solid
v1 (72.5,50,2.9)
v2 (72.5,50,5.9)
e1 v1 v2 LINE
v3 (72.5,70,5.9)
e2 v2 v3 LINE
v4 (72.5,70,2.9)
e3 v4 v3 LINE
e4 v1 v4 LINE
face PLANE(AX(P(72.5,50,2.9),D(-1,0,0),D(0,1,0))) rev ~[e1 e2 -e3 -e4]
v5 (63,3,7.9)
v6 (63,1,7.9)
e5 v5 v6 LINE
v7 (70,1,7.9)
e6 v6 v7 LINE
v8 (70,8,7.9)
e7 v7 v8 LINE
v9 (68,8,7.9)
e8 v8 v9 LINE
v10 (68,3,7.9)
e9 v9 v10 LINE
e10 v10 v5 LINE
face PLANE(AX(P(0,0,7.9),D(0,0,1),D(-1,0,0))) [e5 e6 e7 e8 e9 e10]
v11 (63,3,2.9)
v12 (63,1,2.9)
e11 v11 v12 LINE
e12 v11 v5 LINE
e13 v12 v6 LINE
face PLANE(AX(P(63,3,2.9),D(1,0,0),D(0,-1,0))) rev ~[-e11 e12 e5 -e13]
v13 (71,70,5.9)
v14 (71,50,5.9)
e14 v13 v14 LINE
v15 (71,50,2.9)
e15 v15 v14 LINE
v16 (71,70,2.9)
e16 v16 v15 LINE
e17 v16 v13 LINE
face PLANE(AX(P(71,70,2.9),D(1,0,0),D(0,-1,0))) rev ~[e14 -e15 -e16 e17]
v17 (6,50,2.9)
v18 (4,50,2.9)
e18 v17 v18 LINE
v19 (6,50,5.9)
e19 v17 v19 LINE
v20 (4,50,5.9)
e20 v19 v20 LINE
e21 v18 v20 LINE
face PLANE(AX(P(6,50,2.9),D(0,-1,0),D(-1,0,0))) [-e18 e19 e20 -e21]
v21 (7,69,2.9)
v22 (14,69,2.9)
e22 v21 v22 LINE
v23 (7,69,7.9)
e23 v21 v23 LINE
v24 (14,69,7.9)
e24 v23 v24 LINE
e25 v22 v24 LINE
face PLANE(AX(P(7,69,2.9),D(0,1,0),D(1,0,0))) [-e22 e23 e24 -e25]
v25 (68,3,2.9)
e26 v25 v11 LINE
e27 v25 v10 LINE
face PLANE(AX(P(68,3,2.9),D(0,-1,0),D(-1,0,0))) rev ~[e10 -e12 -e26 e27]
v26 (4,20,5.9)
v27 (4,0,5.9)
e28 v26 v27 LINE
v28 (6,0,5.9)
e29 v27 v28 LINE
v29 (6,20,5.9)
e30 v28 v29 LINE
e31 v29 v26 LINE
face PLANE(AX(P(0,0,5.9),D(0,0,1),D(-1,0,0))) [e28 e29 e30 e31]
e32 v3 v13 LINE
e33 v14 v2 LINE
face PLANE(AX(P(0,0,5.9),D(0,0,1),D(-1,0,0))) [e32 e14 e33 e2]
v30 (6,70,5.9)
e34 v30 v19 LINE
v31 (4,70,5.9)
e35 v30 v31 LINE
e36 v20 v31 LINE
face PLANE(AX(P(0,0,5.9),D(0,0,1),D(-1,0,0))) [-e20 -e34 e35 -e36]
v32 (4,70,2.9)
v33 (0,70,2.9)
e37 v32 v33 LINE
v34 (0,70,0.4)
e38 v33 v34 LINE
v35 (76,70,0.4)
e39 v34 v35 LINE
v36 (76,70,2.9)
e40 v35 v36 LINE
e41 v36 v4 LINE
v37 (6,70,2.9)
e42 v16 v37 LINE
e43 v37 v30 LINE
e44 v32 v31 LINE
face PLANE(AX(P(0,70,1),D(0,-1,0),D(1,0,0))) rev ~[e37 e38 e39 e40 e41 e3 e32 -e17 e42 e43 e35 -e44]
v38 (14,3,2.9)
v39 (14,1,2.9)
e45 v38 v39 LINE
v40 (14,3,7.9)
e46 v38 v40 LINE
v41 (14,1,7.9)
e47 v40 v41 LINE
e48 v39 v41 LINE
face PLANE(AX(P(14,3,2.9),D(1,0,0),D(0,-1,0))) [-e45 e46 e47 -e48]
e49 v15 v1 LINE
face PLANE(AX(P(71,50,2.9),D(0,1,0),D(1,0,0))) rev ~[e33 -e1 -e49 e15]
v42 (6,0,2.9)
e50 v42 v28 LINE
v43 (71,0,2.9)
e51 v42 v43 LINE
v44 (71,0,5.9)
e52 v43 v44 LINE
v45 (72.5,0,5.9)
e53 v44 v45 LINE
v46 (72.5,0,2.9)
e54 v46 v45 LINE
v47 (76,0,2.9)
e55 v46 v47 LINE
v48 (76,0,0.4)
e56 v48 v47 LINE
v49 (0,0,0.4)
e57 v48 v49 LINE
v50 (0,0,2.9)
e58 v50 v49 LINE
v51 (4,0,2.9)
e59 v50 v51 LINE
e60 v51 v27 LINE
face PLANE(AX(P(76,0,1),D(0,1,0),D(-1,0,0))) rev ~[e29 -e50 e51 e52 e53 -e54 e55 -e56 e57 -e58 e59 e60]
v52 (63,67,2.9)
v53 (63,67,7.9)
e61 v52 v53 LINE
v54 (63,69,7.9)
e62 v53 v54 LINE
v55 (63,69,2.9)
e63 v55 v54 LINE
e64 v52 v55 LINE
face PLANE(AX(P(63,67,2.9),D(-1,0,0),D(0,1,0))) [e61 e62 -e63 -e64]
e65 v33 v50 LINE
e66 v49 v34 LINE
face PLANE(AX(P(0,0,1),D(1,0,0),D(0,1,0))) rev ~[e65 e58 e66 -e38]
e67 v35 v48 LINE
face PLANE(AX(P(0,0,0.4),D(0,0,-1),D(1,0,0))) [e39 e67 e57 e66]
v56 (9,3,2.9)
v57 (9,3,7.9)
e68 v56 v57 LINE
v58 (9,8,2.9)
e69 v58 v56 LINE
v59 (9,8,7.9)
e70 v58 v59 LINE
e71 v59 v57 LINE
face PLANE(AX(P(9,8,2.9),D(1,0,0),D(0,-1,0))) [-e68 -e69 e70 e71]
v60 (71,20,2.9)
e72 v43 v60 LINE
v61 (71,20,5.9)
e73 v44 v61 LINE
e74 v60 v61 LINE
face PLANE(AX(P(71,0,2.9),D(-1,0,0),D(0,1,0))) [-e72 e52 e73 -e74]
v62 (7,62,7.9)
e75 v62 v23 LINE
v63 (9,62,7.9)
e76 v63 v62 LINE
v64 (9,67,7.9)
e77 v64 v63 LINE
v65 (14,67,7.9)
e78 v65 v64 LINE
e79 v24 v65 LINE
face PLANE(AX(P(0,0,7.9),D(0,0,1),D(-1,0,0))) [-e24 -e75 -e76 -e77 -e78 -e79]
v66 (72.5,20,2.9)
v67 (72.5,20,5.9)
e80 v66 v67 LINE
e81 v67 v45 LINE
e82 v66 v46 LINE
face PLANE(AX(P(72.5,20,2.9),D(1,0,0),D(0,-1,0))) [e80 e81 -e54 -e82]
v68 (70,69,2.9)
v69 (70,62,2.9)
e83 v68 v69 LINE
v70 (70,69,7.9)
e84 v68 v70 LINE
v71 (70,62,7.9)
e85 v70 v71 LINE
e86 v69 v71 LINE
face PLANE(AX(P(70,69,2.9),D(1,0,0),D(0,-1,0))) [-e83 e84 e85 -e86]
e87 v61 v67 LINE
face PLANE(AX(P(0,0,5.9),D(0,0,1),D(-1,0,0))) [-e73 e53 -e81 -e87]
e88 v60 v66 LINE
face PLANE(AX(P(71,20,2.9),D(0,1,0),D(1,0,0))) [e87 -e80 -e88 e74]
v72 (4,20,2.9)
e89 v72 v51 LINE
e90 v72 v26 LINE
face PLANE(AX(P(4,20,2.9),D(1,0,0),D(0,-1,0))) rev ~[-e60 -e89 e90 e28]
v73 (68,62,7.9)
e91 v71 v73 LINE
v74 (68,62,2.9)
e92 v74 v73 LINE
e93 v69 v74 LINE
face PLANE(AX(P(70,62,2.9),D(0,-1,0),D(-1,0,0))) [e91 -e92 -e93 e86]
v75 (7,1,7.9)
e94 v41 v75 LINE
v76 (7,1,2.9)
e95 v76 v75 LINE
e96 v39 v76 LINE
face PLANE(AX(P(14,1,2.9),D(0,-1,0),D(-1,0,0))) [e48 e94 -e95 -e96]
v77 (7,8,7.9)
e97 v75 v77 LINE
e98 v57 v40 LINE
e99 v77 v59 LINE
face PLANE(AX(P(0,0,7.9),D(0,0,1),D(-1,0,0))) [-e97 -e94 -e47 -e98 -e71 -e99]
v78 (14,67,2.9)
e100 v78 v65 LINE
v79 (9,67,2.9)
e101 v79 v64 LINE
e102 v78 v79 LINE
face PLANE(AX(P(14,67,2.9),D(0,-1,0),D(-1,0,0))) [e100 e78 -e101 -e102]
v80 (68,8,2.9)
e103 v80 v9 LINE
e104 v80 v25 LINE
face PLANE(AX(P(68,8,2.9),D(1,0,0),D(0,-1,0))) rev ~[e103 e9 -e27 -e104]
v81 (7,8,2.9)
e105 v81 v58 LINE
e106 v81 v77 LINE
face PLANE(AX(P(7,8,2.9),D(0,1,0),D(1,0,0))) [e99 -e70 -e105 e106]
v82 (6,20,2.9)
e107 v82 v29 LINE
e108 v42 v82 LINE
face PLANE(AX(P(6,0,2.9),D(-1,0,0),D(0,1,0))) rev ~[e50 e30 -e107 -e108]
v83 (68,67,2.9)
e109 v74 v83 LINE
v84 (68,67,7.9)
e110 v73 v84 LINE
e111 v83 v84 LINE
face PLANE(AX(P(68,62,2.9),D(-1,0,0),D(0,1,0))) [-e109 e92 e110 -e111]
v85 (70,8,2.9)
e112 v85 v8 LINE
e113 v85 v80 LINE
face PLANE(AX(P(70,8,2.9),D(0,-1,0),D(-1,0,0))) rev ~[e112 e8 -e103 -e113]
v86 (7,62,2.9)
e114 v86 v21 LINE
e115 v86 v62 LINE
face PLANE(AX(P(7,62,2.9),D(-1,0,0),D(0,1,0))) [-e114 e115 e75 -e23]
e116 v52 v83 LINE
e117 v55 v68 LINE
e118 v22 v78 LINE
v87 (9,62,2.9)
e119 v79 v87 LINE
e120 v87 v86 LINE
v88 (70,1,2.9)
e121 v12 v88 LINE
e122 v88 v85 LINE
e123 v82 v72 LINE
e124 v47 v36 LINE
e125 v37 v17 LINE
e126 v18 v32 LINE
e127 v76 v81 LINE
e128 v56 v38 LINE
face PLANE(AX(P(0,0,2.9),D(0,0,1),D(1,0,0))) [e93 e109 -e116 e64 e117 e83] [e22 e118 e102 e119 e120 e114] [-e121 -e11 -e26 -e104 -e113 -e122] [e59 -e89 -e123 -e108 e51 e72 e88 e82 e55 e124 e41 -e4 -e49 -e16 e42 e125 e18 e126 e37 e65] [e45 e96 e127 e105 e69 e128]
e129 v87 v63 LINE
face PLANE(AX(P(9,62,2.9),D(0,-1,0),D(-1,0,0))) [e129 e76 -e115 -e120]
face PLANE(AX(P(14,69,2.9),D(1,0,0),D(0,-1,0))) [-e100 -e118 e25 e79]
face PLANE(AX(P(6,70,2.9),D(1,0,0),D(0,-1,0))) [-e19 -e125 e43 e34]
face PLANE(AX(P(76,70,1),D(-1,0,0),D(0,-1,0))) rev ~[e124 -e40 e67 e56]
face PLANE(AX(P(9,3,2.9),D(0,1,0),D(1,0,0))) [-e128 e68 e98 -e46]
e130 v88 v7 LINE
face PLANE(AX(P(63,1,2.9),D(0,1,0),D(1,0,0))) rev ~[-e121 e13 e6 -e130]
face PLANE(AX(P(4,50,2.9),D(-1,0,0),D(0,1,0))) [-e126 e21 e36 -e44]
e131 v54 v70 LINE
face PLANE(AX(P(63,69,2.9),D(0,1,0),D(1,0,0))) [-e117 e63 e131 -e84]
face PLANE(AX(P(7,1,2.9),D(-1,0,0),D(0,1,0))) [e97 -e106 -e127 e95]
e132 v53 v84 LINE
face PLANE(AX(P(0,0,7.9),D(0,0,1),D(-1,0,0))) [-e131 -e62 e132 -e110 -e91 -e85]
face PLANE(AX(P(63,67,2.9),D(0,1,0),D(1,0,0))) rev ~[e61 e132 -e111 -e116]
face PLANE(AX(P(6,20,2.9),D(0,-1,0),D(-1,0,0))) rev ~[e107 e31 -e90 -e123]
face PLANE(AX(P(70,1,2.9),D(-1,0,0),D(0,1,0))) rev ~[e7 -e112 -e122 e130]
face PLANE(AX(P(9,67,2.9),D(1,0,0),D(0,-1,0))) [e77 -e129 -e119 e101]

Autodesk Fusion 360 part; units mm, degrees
sketch "Sketch2" plane through (0, 0, 0) normal (0, 0, 1) x (1, 0, 0)
  line L0 (0, 0) -> (76, 0)
  line L1 (76, 0) -> (76, 70)
  line L2 (76, 70) -> (0, 70)
  line L3 (0, 70) -> (0, 0)
  dimension "d20" = 76
  dimension "d21" = 70
extrude "Extrude1" add sketch "Sketch2" along normal blind 2.9
sketch "Sketch3" plane through (0, 0, 2.9) normal (0, 0, 1) x (-1, 0, 0)
  line L0 (0, -70) -> (0, 0)
  line L1 (0, 0) -> (-76, 0)
  line L2 (-76, 0) -> (-76, -70)
  line L3 (-76, -70) -> (0, -70)
  line L4 (0, -70) -> (-7, -70)
  line L5 (-7, -70) -> (-7, -69)
  line L6 (-7, -69) -> (-14, -69)
  line L7 (-14, -69) -> (-14, -67)
  line L8 (-14, -67) -> (-9, -67)
  line L9 (-9, -67) -> (-9, -62)
  line L10 (-9, -62) -> (-7, -62)
  line L11 (-7, -62) -> (-7, -69)
  line L12 (-9, -67) -> (-68, -67)
  line L13 (-68, -67) -> (-63, -67)
  line L14 (-63, -67) -> (-63, -69)
  line L15 (-63, -69) -> (-70, -69)
  line L16 (-70, -69) -> (-70, -62)
  line L17 (-70, -62) -> (-68, -62)
  line L18 (-68, -62) -> (-68, -67)
  line L19 (-68, -67) -> (-68, -3)
  line L20 (-68, -3) -> (-63, -3)
  line L21 (-63, -3) -> (-63, -1)
  line L22 (-63, -1) -> (-70, -1)
  line L23 (-70, -1) -> (-70, -8)
  line L24 (-70, -8) -> (-68, -8)
  line L25 (-68, -3) -> (-68, -8)
  line L26 (-9, -67) -> (-9, -3)
  line L27 (-9, -3) -> (-14, -3)
  line L28 (-14, -3) -> (-14, -1)
  line L29 (-14, -1) -> (-7, -1)
  line L30 (-7, -1) -> (-7, -8)
  line L31 (-7, -8) -> (-9, -8)
  line L32 (-9, -3) -> (-9, -8)
  dimension "d24" = 7
  dimension "d25" = 1
  dimension "d26" = 7
  dimension "d27" = 2
  dimension "d28" = 5
  dimension "d29" = 5
  dimension "d30" = 2
  dimension "d31" = 59
  dimension "d32" = 5
  dimension "d33" = 2
  dimension "d34" = 64
  dimension "d35" = 5
  dimension "d36" = 2
  dimension "d37" = 7
  dimension "d38" = 7
  dimension "d39" = 2
  dimension "d40" = 64
  dimension "d41" = 5
  dimension "d42" = 2
  dimension "d43" = 7
  dimension "d44" = 7
extrude "Extrude2" add sketch "Sketch3" along normal blind 5 contours L19 L20 L21 L22 L23 L24 L25 | L12 L13 L14 L15 L16 L17 L18 L19 | L26 L27 L28 L29 L30 L31 L32 | L6 L7 L8 L9 L10 L11 L12 L26
extrude "Extrude3" cut 1 faces at (25.3333, 46.6667, 0) along direction (0, 0, 1) blind 1
sketch "Sketch4" plane through (0, 0, 2.9) normal (0, 0, 1) x (-1, 0, 0)
  line L0 (-14, -3) -> (-14, -1)
  line L1 (-14, -1) -> (-7, -1)
  line L2 (-7, -1) -> (-7, -8)
  line L3 (-7, -8) -> (-9, -8)
  line L4 (-9, -8) -> (-9, -3)
  line L5 (-9, -3) -> (-14, -3)
  line L6 (-9, -67) -> (-9, -62)
  line L7 (-9, -62) -> (-7, -62)
  line L8 (-7, -62) -> (-7, -69)
  line L9 (-7, -69) -> (-14, -69)
  line L10 (-14, -69) -> (-14, -67)
  line L11 (-14, -67) -> (-9, -67)
  line L12 (-63, -3) -> (-68, -3)
  line L13 (-68, -3) -> (-68, -8)
  line L14 (-68, -8) -> (-70, -8)
  line L15 (-70, -8) -> (-70, -1)
  line L16 (-70, -1) -> (-63, -1)
  line L17 (-63, -1) -> (-63, -3)
  line L18 (-63, -67) -> (-63, -69)
  line L19 (-63, -69) -> (-70, -69)
  line L20 (-70, -69) -> (-70, -62)
  line L21 (-70, -62) -> (-68, -62)
  line L22 (-68, -62) -> (-68, -67)
  line L23 (-68, -67) -> (-63, -67)
  line L24 (0, -70) -> (0, 0)
  line L25 (0, 0) -> (-76, 0)
  line L26 (-76, 0) -> (-76, -70)
  line L27 (-76, -70) -> (0, -70)
  line L28 (0, -70) -> (-4, -70)
  line L29 (-4, -70) -> (-6, -70)
  line L30 (-6, -70) -> (-6, -50)
  line L31 (-6, -50) -> (-4, -50)
  line L32 (-4, -50) -> (-4, -70)
  line L33 (-76, -70) -> (-72.5, -70)
  line L34 (-72.5, -70) -> (-71, -70)
  line L35 (-71, -70) -> (-71, -50)
  line L36 (-71, -50) -> (-72.5, -50)
  line L37 (-72.5, -50) -> (-72.5, -70)
  line L38 (0, -70) -> (0, -35)
  line L39 (0, -35) -> (-68, -35)
  line L40 (-4, -20) -> (-4, 0)
  line L41 (-4, 0) -> (-6, 0)
  line L42 (-6, 0) -> (-6, -20)
  line L43 (-6, -20) -> (-4, -20)
  line L44 (-71, 0) -> (-71, -20)
  line L45 (-72.5, 0) -> (-71, 0)
  line L46 (-72.5, -20) -> (-72.5, 0)
  line L47 (-71, -20) -> (-72.5, -20)
  dimension "d49" = 4
  dimension "d50" = 2
  dimension "d51" = 20
  dimension "d52" = 3.5
  dimension "d53" = 20
  dimension "d54" = 35
extrude "Extrude4" add sketch "Sketch4" along normal blind 3 contours L27 L29 L30 L31 L32 | L25 L40 L41 L42 L43 | L27 L34 L35 L36 L37 | L25 L44 L45 L46 L47
sketch "Sketch5" plane through (0, 0, 1) normal (0, 0, -1) x (1, 0, 0)
  line L0 (0, 0) -> (0, -70)
  line L1 (0, -70) -> (76, -70)
  line L2 (76, -70) -> (76, 0)
  line L3 (76, 0) -> (0, 0)
  line L4 (0, 0) -> (76, 0)
  line L5 (76, 0) -> (76, -70)
  line L6 (76, -70) -> (0, -70)
  line L7 (0, -70) -> (0, 0)
extrude "Extrude5" add sketch "Sketch5" along normal blind 0.6
equation "d54 = ( 70 / 2 ) * 1 mm"
